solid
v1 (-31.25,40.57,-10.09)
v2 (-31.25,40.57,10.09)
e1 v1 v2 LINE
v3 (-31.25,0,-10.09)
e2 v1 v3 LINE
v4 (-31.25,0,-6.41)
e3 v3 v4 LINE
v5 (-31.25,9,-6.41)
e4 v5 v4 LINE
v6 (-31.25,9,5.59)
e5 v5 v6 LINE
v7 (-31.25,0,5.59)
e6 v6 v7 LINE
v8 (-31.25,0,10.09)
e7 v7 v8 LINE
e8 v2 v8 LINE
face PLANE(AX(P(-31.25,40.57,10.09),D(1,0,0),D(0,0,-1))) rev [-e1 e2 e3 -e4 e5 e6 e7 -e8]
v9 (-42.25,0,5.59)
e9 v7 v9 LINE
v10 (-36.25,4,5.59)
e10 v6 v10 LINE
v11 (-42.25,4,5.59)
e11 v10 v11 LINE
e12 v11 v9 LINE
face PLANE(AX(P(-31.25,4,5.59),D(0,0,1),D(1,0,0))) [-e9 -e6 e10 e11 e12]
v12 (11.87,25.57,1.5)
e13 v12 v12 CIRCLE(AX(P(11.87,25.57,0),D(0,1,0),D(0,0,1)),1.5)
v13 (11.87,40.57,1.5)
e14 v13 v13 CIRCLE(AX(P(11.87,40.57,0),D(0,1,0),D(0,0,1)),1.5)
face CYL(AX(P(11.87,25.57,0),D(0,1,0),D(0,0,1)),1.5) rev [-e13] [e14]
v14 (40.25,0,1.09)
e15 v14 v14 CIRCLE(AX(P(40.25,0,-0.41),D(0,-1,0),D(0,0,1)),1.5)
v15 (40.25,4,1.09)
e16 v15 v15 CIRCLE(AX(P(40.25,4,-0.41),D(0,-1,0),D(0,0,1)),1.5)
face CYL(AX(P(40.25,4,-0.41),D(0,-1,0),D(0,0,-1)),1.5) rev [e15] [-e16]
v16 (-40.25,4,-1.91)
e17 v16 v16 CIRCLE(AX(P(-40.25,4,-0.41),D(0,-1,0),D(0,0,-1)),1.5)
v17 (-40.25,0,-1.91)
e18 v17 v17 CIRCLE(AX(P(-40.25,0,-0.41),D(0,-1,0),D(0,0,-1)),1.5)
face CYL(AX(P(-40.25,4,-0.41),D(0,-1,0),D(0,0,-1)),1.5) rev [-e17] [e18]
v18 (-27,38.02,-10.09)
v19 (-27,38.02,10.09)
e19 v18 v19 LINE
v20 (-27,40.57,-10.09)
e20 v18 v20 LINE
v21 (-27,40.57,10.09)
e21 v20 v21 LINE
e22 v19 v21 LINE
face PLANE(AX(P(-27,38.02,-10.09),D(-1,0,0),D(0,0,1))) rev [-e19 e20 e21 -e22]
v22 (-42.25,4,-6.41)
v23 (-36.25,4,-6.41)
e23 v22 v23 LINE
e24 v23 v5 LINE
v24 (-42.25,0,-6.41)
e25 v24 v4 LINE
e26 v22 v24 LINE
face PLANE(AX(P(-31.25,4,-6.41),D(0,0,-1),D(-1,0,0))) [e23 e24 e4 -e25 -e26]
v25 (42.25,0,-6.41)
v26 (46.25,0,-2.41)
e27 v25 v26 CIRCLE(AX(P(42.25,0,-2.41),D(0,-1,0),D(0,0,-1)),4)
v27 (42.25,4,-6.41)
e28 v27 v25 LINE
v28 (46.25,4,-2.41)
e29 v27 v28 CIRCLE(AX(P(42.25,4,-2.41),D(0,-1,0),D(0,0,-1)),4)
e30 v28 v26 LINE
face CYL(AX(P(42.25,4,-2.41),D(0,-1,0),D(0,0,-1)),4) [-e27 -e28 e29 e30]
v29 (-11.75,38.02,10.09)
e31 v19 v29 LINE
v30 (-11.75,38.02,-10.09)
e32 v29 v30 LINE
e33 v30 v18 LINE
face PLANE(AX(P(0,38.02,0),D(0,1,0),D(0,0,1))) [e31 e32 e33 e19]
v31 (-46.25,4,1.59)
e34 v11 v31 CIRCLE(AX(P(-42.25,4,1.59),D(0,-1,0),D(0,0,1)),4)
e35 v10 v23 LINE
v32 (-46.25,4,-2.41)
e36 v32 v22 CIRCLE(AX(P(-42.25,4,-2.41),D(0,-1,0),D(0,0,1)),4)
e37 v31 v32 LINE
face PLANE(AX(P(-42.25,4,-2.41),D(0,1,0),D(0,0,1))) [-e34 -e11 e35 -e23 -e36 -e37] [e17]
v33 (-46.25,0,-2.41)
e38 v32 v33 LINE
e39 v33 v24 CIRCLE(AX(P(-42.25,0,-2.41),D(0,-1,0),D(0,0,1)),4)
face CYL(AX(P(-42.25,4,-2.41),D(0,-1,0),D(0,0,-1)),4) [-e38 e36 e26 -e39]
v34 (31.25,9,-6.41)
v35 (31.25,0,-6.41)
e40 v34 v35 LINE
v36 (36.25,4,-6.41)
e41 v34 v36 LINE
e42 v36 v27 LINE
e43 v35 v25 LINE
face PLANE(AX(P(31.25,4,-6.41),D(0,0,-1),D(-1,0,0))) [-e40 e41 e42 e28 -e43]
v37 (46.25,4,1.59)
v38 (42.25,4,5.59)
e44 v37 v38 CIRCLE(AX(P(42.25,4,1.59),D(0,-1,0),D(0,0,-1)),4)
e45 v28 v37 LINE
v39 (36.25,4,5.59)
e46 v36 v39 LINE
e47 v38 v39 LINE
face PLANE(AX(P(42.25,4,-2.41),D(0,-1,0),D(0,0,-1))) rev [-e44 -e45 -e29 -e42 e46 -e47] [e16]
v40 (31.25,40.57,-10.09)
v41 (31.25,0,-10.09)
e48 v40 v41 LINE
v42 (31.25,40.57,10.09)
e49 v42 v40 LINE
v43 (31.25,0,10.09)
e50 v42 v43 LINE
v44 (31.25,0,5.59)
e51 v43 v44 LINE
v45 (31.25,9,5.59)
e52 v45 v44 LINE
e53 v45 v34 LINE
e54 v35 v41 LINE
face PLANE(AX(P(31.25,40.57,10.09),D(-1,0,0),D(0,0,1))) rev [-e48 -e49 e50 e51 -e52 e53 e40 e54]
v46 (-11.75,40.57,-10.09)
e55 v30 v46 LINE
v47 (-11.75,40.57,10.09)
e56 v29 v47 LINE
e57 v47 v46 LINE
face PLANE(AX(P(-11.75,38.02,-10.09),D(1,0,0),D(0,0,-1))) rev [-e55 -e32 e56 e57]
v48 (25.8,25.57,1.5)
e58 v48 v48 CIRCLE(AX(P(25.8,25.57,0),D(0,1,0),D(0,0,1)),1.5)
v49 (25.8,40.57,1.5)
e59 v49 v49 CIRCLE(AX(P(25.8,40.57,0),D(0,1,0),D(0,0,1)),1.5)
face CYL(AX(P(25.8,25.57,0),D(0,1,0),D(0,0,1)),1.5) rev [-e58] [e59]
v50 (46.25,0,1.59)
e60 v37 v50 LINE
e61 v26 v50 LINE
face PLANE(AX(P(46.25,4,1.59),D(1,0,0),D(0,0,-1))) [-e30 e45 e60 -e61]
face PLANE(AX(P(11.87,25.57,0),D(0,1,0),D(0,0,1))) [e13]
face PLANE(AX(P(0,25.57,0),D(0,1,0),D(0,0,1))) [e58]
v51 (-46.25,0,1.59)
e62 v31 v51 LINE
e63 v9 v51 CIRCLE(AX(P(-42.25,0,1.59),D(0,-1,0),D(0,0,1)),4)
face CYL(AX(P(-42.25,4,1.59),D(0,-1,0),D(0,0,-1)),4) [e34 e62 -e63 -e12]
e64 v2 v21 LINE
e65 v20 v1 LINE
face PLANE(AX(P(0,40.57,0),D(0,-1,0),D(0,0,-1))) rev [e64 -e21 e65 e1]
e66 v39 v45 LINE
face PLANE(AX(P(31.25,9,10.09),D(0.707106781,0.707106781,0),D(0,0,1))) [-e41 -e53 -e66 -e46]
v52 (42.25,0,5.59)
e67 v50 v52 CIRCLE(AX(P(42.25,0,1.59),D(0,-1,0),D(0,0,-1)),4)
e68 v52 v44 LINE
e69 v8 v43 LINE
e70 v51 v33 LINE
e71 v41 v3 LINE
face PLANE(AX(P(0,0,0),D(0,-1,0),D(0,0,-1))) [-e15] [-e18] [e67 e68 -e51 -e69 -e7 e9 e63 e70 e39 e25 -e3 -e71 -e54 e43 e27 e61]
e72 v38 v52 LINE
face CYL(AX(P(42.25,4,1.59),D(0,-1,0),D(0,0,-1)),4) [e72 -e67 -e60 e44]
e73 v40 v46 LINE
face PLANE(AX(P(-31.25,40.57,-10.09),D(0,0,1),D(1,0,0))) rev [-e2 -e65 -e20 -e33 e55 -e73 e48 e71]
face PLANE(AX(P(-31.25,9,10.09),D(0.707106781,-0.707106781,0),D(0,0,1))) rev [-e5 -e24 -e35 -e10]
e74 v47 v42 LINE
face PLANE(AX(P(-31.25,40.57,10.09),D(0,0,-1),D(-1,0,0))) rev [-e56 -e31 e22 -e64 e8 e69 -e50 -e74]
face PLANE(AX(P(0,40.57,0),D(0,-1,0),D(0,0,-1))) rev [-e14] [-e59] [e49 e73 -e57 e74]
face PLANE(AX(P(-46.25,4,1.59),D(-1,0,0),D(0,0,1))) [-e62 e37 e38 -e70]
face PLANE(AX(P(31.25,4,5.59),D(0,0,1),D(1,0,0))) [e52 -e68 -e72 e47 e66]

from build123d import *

# Parameters (mm, degrees)
SKETCH_219_W        = 62.5
SKETCH_219_H        = 20.18
EXTRUDE_1_DEPTH     = 40.57
SKETCH_6_W          = 15.25
SKETCH_6_H          = 20.18
CUT_EXTRUDE_1_DEPTH = 2.55
SKETCH_7_R          = 1.5
CUT_EXTRUDE_2_DEPTH = 15
SKETCH_8_R          = 1.5
EXTRUDE_2_DEPTH     = 4
CHAMFER_1_SIZE      = 5
CHAMFER_2_SIZE      = 5


with BuildPart() as part:
    # Sketch 219 → Бобышка-Вытянуть1 (new body)
    with BuildSketch(Plane(origin=(0, 0, 0), x_dir=(1, 0, 0), z_dir=(0, 1, 0))):
        Rectangle(SKETCH_219_W, SKETCH_219_H)
    extrude(amount=EXTRUDE_1_DEPTH)

    # Эскиз6 → Вырез-Вытянуть1 (cut)
    with BuildSketch(Plane(origin=(0, 40.57, 0), x_dir=(1, 0, 0), z_dir=(0, 1, 0))):
        with Locations((-19.375, 0)):
            Rectangle(SKETCH_6_W, SKETCH_6_H)
    extrude(amount=-CUT_EXTRUDE_1_DEPTH, mode=Mode.SUBTRACT)

    # Эскиз7 → Вырез-Вытянуть2 (cut)
    with BuildSketch(Plane(origin=(0, 40.57, 0), x_dir=(1, 0, 0), z_dir=(0, 1, 0))):
        with BuildLine():
            ThreePointArc((27.3, 0), (25.8, 1.5), (24.3, 0))
            Line((24.3, 0), (27.3, 0))
        make_face()
        with BuildLine():
            Line((27.3, 0), (24.3, 0))
            ThreePointArc((24.3, 0), (25.8, -1.5), (27.3, 0))
        make_face()
        with Locations(Location((11.87, 0, 0), (0, 0, 270))):
            Circle(SKETCH_7_R)
    extrude(amount=-CUT_EXTRUDE_2_DEPTH, mode=Mode.SUBTRACT)

    # Эскиз8 → Бобышка-Вытянуть2 (add)
    # profile 1 of 2: a face of its own
    with BuildSketch(Plane.XZ):
        with BuildLine():
            Line((-31.25, 5.59), (-42.25, 5.59))
            ThreePointArc((-42.25, 5.59), (-45.078427125, 4.418427125), (-46.25, 1.59))
            Line((-46.25, 1.59), (-46.25, -2.41))
            ThreePointArc((-46.25, -2.41), (-45.078427125, -5.238427125), (-42.25, -6.41))
            Line((-42.25, -6.41), (-31.25, -6.41))
            Line((-31.25, -6.41), (-31.25, 5.59))
        make_face()
        with Locations(Location((-40.25, -0.41, 0), (0, 0, 270))):
            Circle(SKETCH_8_R, mode=Mode.SUBTRACT)
    # profile 2 of 2: a face of its own
    with BuildSketch(Plane.XZ):
        with BuildLine():
            Line((31.25, -6.41), (42.25, -6.41))
            ThreePointArc((42.25, -6.41), (45.078427125, -5.238427125), (46.25, -2.41))
            Line((46.25, -2.41), (46.25, 1.59))
            ThreePointArc((46.25, 1.59), (45.078427125, 4.418427125), (42.25, 5.59))
            Line((42.25, 5.59), (31.25, 5.59))
            Line((31.25, 5.59), (31.25, -6.41))
        make_face()
        with Locations(Location((40.25, -0.41, 0), (0, 0, 90))):
            Circle(SKETCH_8_R, mode=Mode.SUBTRACT)
    extrude(amount=-EXTRUDE_2_DEPTH)

    # Фаска1
    chamfer_1_edges = [part.edges().sort_by_distance(p)[0] for p in [
        (-31.25, 4, -0.41),
    ]]
    chamfer(chamfer_1_edges, length=CHAMFER_1_SIZE)

    # Фаска2
    chamfer_2_edges = [part.edges().sort_by_distance(p)[0] for p in [
        (31.25, 4, -0.41),
    ]]
    chamfer(chamfer_2_edges, length=CHAMFER_2_SIZE)


solid = part.part
